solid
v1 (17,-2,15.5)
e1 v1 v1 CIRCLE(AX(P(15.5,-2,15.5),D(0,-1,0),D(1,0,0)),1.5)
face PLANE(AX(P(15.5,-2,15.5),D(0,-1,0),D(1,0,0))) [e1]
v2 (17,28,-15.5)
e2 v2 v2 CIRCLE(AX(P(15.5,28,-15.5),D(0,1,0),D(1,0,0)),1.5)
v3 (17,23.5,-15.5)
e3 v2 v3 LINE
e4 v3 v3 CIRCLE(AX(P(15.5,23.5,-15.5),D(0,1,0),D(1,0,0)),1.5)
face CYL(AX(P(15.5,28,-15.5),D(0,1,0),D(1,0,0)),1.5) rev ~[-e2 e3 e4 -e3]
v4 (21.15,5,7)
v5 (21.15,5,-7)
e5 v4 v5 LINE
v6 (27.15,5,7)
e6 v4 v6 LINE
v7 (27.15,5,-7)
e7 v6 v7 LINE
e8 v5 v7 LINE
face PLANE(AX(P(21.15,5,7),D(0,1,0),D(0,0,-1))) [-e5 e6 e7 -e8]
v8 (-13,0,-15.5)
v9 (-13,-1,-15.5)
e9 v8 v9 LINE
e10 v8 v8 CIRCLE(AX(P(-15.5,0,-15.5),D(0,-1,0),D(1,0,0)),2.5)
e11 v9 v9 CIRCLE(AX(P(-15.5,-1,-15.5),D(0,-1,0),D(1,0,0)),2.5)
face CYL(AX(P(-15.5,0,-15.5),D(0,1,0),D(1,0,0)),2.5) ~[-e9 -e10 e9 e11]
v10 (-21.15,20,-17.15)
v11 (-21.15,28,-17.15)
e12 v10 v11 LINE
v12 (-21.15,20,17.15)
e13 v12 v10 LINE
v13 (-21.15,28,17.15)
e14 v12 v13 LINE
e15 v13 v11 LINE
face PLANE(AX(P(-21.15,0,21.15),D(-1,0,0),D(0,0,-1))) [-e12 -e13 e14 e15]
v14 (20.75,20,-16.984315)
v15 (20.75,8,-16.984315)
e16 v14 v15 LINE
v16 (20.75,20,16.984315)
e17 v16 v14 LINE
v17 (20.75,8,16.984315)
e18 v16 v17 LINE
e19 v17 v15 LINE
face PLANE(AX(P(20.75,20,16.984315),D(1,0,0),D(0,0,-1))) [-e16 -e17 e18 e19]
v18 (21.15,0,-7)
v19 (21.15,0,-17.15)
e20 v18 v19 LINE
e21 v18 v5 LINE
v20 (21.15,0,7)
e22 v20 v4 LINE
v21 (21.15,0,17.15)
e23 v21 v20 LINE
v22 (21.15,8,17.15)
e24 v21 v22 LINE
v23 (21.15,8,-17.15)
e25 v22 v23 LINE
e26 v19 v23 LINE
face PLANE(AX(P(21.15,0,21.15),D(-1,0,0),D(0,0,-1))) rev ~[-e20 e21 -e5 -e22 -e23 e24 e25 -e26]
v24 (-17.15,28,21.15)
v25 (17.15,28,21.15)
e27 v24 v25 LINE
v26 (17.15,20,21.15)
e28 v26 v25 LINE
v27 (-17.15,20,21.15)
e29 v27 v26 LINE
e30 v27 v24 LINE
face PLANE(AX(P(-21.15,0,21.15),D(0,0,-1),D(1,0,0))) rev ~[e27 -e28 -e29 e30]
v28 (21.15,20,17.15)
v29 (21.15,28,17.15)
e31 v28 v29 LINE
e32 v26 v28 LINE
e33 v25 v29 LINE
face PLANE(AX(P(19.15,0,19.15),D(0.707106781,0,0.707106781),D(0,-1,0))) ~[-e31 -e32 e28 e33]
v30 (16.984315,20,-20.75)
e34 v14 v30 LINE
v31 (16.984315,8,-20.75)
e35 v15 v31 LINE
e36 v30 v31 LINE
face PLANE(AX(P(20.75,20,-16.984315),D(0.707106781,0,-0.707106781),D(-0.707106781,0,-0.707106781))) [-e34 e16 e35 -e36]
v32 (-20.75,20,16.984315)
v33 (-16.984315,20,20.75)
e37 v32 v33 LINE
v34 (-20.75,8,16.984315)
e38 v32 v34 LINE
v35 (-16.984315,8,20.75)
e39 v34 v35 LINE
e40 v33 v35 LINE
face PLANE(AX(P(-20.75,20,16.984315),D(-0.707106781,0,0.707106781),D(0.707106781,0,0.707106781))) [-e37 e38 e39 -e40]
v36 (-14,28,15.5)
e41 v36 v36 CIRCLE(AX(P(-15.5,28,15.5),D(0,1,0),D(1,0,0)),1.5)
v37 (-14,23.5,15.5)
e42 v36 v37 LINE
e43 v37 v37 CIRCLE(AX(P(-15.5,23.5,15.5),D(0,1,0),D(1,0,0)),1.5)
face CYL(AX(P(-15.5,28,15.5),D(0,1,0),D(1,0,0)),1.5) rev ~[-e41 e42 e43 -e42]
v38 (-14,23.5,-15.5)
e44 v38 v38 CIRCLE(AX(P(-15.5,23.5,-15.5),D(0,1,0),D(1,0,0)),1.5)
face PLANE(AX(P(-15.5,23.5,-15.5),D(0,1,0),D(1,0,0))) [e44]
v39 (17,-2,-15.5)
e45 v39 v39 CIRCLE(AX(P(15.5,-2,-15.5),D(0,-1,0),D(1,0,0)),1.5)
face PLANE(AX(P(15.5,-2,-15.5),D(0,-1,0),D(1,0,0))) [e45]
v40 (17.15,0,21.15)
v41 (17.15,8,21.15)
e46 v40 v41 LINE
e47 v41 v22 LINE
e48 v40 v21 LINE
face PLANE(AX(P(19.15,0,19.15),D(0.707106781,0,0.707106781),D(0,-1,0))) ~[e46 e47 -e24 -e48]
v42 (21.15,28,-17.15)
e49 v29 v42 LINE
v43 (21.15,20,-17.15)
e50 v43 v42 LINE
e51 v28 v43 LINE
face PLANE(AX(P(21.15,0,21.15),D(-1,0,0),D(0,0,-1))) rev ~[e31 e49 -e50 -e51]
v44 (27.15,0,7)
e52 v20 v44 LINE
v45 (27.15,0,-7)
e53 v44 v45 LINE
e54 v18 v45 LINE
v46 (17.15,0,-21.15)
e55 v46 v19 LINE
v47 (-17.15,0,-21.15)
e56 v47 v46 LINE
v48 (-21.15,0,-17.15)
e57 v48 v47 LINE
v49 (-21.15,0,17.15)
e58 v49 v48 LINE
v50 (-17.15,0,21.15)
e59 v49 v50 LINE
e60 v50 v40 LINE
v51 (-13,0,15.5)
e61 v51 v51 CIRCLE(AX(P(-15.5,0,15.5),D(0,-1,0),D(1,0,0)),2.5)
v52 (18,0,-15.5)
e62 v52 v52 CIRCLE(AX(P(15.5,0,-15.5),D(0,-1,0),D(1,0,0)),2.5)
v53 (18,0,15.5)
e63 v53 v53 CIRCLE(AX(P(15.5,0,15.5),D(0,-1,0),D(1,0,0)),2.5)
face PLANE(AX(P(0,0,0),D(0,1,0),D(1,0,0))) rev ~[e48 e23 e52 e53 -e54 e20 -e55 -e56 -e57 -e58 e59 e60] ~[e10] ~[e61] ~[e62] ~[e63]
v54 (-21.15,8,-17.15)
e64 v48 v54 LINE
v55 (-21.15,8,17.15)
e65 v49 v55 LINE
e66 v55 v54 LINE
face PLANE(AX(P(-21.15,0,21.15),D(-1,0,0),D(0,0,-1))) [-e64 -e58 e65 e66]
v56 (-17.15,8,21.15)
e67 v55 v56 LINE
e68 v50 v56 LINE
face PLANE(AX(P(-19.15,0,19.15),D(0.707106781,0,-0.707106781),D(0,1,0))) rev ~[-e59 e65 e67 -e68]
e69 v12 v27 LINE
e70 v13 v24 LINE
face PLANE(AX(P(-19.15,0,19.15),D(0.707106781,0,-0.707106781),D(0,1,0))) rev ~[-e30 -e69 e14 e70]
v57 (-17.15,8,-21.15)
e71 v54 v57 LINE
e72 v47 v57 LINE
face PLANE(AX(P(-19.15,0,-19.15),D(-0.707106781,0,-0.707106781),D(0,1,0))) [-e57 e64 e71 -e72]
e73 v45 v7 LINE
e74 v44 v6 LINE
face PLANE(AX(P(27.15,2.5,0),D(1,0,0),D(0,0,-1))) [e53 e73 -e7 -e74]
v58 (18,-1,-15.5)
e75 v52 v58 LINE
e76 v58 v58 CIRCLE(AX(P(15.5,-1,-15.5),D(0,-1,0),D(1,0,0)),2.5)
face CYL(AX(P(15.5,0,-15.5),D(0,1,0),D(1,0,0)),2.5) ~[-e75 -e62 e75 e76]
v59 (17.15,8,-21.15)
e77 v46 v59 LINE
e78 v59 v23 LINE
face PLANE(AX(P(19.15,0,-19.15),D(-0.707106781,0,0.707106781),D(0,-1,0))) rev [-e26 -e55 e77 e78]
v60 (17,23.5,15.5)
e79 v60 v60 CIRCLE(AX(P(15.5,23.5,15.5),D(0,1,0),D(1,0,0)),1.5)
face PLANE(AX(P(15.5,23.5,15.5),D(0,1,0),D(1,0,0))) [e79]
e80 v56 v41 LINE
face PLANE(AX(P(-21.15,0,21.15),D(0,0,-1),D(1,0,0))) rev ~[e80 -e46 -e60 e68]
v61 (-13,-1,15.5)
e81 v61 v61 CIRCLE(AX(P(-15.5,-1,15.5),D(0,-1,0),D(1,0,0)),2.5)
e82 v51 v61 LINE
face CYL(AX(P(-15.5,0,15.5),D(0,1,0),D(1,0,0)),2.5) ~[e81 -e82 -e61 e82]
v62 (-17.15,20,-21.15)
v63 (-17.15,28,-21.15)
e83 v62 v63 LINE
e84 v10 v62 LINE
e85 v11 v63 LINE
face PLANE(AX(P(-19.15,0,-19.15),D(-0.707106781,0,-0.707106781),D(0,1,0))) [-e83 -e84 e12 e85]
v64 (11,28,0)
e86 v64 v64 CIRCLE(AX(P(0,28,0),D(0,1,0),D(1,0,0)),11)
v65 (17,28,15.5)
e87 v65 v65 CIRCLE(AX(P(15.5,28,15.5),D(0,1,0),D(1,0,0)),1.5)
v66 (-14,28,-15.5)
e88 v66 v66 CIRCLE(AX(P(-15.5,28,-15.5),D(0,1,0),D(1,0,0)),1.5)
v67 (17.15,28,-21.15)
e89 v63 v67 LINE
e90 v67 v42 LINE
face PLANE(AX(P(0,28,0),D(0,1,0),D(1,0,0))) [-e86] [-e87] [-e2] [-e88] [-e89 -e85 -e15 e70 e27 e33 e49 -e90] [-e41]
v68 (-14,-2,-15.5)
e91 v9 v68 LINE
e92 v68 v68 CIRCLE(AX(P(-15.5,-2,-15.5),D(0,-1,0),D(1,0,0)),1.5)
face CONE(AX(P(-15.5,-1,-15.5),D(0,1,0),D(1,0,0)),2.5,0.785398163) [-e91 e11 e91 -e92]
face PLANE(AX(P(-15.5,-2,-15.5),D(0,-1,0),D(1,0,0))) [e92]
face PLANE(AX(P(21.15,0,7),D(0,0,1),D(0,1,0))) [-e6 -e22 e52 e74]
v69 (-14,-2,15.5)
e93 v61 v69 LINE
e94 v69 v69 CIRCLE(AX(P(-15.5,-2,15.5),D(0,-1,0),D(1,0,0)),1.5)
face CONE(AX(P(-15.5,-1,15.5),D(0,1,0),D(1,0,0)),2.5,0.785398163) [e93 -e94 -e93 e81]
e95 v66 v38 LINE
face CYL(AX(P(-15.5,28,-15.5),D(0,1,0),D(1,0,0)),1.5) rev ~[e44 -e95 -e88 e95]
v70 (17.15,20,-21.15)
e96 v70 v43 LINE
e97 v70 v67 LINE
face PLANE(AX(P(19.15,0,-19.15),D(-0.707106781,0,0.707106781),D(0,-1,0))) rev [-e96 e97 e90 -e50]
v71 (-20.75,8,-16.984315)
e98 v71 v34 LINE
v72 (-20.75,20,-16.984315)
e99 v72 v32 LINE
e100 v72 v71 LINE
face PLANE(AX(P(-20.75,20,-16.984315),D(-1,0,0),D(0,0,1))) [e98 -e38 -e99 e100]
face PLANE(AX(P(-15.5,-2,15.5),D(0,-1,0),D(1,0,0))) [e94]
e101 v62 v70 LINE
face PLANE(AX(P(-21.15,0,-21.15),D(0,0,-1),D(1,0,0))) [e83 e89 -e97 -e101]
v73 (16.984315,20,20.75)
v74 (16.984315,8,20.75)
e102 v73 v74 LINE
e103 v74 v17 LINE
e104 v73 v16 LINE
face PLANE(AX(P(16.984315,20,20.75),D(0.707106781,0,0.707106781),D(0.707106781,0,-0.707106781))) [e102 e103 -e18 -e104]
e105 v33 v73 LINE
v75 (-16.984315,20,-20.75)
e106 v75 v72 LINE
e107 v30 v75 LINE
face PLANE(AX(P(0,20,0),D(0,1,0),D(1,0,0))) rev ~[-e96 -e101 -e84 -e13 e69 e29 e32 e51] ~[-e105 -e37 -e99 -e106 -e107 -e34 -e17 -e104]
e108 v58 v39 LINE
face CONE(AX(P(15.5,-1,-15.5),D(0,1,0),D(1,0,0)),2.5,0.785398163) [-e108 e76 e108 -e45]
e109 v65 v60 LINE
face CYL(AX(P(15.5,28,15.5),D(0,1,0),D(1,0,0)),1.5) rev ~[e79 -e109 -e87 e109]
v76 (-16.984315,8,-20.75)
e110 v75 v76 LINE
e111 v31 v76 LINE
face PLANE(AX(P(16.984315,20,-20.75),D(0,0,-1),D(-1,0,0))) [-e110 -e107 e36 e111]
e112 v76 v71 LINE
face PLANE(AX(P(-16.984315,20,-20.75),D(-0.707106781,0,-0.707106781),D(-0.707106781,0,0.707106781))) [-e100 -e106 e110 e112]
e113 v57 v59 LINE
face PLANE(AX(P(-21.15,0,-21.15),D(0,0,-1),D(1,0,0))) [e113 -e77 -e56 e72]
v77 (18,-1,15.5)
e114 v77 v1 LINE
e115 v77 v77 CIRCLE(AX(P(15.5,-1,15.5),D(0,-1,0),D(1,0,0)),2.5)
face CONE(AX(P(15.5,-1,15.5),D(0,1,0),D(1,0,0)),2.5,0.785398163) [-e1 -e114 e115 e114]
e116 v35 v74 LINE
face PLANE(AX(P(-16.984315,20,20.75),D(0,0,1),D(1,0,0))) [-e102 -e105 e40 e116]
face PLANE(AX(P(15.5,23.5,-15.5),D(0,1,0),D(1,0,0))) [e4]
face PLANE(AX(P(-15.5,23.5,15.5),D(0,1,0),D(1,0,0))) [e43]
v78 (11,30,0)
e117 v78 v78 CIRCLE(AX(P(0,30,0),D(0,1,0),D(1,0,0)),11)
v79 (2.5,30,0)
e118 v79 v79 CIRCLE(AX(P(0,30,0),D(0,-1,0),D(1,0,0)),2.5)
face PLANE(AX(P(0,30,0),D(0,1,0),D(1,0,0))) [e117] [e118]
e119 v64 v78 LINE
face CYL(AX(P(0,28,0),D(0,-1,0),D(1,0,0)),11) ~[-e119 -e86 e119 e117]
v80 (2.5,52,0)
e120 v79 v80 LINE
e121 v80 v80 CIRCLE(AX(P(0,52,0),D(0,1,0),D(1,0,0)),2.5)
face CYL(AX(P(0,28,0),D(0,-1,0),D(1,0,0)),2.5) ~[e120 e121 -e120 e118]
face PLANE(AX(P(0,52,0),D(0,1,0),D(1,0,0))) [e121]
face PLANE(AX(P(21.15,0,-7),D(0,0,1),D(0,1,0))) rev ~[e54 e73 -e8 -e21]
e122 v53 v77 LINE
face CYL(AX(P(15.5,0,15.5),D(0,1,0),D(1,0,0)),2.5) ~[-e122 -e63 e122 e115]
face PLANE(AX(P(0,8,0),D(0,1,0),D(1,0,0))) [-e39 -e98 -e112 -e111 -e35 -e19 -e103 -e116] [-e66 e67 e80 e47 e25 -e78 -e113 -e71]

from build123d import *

# Parameters (mm, degrees)
SKETCH_2_W          = 42.3
SKETCH_2_H          = 42.3
EXTRUDE_1_DEPTH     = 28
SKETCH_3_R          = 11
EXTRUDE_2_DEPTH     = 2
EXTRUDE_START       = -2
SKETCH_4_R          = 2.5
EXTRUDE_3_DEPTH     = 24
SKETCH_5_R          = 1.5
CUT_EXTRUDE_1_DEPTH = 4.5
CHAMFER_1_SIZE      = 4
CUT_EXTRUDE_START   = -8
SKETCH_6_OUTSIDE_W  = 60.152
SKETCH_6_OUTSIDE_H  = 60.152
CUT_EXTRUDE_2_DEPTH = 12
SKETCH_7_R          = 2.5
EXTRUDE_4_DEPTH     = 2
CHAMFER_2_SIZE      = 1
SKETCH_8_W          = 14
SKETCH_8_H          = 5
EXTRUDE_5_DEPTH     = 6


with BuildPart() as part:
    # Эскиз2 → Бобышка-Вытянуть1 (new body)
    with BuildSketch(Plane(origin=(0, 0, 0), x_dir=(1, 0, 0), z_dir=(0, 1, 0))):
        Rectangle(SKETCH_2_W, SKETCH_2_H)
    extrude(amount=EXTRUDE_1_DEPTH)

    # Эскиз3 → Бобышка-Вытянуть2 (add)
    with BuildSketch(Plane(origin=(0, 28, 0), x_dir=(1, 0, 0), z_dir=(0, 1, 0))):
        Circle(SKETCH_3_R)
    extrude(amount=EXTRUDE_2_DEPTH)

    # Эскиз4 → Бобышка-Вытянуть3 (add)
    with BuildSketch(Plane(origin=(0, 30, 0), x_dir=(1, 0, 0), z_dir=(0, 1, 0)).offset(EXTRUDE_START)):
        Circle(SKETCH_4_R)
    extrude(amount=EXTRUDE_3_DEPTH)

    # Эскиз5 → Вырез-Вытянуть1 (cut)
    with BuildSketch(Plane(origin=(0, 28, 0), x_dir=(1, 0, 0), z_dir=(0, 1, 0))):
        with Locations((-15.5, 15.5)):
            Circle(SKETCH_5_R)
        with Locations((15.5, 15.5)):
            Circle(SKETCH_5_R)
        with Locations((15.5, -15.5)):
            Circle(SKETCH_5_R)
        with Locations((-15.5, -15.5)):
            Circle(SKETCH_5_R)
    extrude(amount=-CUT_EXTRUDE_1_DEPTH, mode=Mode.SUBTRACT)

    # Фаска1
    chamfer_1_edges = [part.edges().sort_by_distance(p)[0] for p in [
        (21.15, 14, 21.15),
        (-21.15, 14, 21.15),
        (-21.15, 14, -21.15),
        (21.15, 14, -21.15),
    ]]
    chamfer(chamfer_1_edges, length=CHAMFER_1_SIZE)

    # Эскиз6 outside → Вырез-Вытянуть2 (cut)
    with BuildSketch(Plane(origin=(0, 28, 0), x_dir=(1, 0, 0), z_dir=(0, 1, 0)).offset(CUT_EXTRUDE_START)):
        Rectangle(SKETCH_6_OUTSIDE_W, SKETCH_6_OUTSIDE_H)
        Polygon((-20.75, 16.984314575), (-20.75, -16.984314575), (-16.984314575, -20.75), (16.984314575, -20.75), (20.75, -16.984314575), (20.75, 16.984314575), (16.984314575, 20.75), (-16.984314575, 20.75), align=None, mode=Mode.SUBTRACT)
    extrude(amount=-CUT_EXTRUDE_2_DEPTH, mode=Mode.SUBTRACT)

    # Эскиз7 → Бобышка-Вытянуть4 (add)
    with BuildSketch(Plane.XZ):
        with Locations((-15.5, -15.5)):
            Circle(SKETCH_7_R)
        with Locations((15.5, -15.5)):
            Circle(SKETCH_7_R)
        with Locations((15.5, 15.5)):
            Circle(SKETCH_7_R)
        with Locations((-15.5, 15.5)):
            Circle(SKETCH_7_R)
    extrude(amount=EXTRUDE_4_DEPTH)

    # Фаска2
    chamfer_2_edges = [part.edges().sort_by_distance(p)[0] for p in [
        (-18, -2, -15.5),
        (13, -2, -15.5),
        (13, -2, 15.5),
        (-18, -2, 15.5),
    ]]
    chamfer(chamfer_2_edges, length=CHAMFER_2_SIZE)

    # Эскиз8 → Бобышка-Вытянуть5 (add)
    with BuildSketch(Plane(origin=(21.15, 0, 0), x_dir=(0, 0, -1), z_dir=(1, 0, 0))):
        with Locations((0, 2.5)):
            Rectangle(SKETCH_8_W, SKETCH_8_H)
    extrude(amount=EXTRUDE_5_DEPTH)


solid = part.part
